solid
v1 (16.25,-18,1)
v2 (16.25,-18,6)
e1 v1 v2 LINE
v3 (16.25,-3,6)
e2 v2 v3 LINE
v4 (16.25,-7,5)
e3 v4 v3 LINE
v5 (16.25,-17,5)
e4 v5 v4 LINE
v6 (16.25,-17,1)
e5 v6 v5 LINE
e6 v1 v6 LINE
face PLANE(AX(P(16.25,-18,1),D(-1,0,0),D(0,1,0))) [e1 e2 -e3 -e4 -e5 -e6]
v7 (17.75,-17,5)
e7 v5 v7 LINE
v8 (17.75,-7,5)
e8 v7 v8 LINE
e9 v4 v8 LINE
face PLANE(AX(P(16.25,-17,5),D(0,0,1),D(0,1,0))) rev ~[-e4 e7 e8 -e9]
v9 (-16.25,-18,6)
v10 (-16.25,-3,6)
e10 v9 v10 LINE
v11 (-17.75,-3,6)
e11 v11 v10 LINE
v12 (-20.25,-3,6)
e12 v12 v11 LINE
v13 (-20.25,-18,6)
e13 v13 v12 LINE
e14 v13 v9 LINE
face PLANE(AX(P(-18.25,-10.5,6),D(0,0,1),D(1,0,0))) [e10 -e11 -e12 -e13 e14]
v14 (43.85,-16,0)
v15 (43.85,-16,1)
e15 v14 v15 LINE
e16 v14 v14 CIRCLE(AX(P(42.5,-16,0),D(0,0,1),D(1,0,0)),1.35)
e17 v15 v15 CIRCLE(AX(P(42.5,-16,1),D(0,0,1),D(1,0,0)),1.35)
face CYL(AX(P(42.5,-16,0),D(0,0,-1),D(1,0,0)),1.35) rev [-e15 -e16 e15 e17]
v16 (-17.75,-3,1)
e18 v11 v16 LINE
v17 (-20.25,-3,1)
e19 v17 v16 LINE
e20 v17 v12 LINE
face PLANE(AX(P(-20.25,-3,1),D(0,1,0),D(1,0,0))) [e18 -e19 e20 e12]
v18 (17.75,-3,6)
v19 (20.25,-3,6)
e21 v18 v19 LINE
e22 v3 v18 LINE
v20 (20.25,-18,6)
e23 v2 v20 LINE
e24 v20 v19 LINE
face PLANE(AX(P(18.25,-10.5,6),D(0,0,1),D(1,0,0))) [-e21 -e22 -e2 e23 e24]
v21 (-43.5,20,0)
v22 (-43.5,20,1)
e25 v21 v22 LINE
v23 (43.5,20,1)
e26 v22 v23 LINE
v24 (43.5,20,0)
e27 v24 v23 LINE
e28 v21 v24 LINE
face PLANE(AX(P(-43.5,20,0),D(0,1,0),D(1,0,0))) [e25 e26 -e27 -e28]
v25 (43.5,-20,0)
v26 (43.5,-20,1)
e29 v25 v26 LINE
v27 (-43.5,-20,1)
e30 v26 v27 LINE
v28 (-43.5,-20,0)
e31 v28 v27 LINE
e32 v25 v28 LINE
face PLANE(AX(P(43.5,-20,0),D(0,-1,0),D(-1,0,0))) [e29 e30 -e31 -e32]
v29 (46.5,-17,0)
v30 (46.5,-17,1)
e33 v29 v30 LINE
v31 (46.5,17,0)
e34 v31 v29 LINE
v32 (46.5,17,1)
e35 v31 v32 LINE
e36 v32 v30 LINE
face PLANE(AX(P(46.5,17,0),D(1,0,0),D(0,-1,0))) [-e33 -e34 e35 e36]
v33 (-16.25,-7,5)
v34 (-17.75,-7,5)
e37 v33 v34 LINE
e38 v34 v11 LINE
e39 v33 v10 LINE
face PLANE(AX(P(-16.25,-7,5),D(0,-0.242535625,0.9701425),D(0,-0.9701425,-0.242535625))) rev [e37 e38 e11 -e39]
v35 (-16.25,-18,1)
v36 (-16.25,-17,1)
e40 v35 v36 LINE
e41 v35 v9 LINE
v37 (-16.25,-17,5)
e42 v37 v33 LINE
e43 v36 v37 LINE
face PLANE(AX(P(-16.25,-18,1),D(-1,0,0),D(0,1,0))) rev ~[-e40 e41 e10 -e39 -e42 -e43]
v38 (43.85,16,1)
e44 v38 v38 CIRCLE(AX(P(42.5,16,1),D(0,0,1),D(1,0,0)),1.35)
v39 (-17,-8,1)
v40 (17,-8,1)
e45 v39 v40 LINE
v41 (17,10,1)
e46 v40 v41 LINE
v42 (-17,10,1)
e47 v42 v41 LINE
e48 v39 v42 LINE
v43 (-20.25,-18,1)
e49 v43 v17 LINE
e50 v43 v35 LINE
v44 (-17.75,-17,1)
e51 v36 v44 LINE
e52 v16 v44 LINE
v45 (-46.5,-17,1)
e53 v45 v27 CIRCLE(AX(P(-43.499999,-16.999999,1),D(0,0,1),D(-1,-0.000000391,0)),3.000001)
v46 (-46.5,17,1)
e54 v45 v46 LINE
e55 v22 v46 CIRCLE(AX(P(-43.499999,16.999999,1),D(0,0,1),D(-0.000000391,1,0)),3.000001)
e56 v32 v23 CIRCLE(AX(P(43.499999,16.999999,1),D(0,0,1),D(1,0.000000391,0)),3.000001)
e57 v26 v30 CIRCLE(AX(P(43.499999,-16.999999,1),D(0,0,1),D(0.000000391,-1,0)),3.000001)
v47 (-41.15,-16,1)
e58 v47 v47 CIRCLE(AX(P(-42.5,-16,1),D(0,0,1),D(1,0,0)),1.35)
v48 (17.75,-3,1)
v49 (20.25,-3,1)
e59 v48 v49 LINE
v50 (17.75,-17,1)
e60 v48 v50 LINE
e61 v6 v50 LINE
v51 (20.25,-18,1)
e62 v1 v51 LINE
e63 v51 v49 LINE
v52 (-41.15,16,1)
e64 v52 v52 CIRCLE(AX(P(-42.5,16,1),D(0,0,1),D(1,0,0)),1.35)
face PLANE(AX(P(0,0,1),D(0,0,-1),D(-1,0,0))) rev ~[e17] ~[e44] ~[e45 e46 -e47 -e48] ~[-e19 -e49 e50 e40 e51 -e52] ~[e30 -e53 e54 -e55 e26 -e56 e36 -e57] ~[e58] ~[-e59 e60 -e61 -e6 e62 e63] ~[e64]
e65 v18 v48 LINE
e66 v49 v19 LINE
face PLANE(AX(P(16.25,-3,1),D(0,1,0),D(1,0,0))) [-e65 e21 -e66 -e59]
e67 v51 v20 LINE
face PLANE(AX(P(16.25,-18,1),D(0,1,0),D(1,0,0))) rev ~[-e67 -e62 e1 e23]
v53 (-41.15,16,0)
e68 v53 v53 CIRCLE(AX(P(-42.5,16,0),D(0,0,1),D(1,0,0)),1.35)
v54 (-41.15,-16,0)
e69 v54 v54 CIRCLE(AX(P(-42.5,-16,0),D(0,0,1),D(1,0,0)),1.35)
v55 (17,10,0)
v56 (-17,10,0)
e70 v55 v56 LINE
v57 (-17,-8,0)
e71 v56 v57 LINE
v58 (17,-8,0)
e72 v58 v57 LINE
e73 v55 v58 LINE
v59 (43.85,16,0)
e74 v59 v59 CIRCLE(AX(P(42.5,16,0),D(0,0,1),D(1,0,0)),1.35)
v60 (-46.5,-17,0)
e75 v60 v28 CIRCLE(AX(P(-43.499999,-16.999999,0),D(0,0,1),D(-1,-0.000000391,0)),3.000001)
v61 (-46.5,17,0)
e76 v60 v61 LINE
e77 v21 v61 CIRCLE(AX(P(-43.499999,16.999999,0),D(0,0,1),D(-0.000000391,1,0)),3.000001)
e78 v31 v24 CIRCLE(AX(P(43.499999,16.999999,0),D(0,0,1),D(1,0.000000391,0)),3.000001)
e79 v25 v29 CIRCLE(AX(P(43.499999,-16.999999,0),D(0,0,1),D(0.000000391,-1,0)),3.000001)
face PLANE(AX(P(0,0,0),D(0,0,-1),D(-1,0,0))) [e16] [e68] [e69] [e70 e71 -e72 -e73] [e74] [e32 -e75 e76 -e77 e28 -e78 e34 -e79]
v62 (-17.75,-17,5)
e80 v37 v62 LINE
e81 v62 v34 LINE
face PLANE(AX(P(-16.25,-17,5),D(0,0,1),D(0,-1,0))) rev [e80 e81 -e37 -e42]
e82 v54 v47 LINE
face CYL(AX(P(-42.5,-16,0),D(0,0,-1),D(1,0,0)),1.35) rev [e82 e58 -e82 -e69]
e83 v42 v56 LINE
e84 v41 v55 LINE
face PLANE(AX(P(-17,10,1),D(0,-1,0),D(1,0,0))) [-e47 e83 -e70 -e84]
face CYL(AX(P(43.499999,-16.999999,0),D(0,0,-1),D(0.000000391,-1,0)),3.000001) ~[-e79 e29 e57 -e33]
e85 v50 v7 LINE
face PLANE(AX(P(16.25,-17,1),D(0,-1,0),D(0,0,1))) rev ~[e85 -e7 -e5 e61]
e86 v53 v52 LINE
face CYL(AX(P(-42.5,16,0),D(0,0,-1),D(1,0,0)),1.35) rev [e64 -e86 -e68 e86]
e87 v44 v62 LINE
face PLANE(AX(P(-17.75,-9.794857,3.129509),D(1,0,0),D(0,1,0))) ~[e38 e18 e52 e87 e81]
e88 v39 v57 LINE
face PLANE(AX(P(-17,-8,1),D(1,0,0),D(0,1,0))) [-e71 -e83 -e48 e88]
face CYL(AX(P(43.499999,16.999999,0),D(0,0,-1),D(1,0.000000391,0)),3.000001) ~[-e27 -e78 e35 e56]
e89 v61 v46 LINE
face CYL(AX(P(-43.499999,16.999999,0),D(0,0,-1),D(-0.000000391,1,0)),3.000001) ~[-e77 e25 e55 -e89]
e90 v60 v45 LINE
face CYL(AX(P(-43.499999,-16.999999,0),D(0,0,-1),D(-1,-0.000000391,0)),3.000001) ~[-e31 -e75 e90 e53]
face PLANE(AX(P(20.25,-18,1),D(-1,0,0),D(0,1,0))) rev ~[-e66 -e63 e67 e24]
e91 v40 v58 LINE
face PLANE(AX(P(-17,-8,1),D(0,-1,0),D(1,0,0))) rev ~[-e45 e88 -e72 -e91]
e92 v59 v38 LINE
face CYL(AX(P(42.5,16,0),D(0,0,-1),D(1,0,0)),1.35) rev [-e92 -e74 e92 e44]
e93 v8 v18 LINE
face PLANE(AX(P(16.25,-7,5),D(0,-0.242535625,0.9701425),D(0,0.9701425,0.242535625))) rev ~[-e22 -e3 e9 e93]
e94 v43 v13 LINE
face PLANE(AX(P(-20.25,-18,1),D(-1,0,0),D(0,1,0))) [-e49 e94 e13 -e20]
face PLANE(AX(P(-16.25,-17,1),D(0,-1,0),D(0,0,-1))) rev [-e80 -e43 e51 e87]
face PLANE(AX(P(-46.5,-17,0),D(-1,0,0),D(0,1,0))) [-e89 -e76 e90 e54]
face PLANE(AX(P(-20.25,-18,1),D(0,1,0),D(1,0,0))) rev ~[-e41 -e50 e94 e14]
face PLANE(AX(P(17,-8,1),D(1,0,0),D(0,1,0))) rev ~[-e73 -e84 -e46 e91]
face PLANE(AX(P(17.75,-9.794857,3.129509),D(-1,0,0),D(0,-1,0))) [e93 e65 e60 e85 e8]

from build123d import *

# Parameters (mm, degrees)
SKETCH_R        = 1.35
PAD_DEPTH       = 1
SKETCH002_W     = 4
SKETCH002_H     = 15
PAD001_DEPTH    = 5
POCKET_DEPTH    = 1.5
SKETCH004_W     = 34
SKETCH004_H     = 18
POCKET001_DEPTH = 5


with BuildPart() as part:
    # Sketch → Pad (new body)
    with BuildSketch(Plane.XY):
        with BuildLine():
            Line((-43.5, 20), (43.5, 20))
            ThreePointArc((46.5, 17), (45.62132, 19.12132), (43.5, 20))
            Line((46.5, 17), (46.5, -17))
            ThreePointArc((43.5, -20), (45.62132, -19.12132), (46.5, -17))
            Line((43.5, -20), (-43.5, -20))
            ThreePointArc((-46.5, -17), (-45.62132, -19.12132), (-43.5, -20))
            Line((-46.5, -17), (-46.5, 17))
            ThreePointArc((-43.5, 20), (-45.62132, 19.12132), (-46.5, 17))
        make_face()
        with Locations((-42.5, 16)):
            Circle(SKETCH_R, mode=Mode.SUBTRACT)
        with Locations((42.5, 16)):
            Circle(SKETCH_R, mode=Mode.SUBTRACT)
        with Locations((-42.5, -16)):
            Circle(SKETCH_R, mode=Mode.SUBTRACT)
        with Locations((42.5, -16)):
            Circle(SKETCH_R, mode=Mode.SUBTRACT)
    extrude(amount=PAD_DEPTH)

    # Sketch002 (on Face14 of Pad) → Pad001 (join)
    with BuildSketch(Plane.XY.offset(1)):
        with Locations((18.25, -10.5)):
            Rectangle(SKETCH002_W, SKETCH002_H)
        with Locations((-18.25, -10.5)):
            Rectangle(SKETCH002_W, SKETCH002_H)
    extrude(amount=PAD001_DEPTH)

    # Sketch003 (on Face21 of Pad001) → Pocket (cut)
    with BuildSketch(Plane(origin=(16.25, 0, 0), x_dir=(0, -1, 0), z_dir=(-1, 0, 0))):
        Polygon((3, 6), (3, 1), (17, 1), (17, 5), (7, 5), align=None)
    pocket = extrude(amount=-POCKET_DEPTH, mode=Mode.SUBTRACT)

    # Mirrored: Pocket across YZ
    add(pocket.mirror(Plane.YZ), mode=Mode.SUBTRACT)

    # Sketch004 (on Face5 of Mirrored) → Pocket001 (cut)
    with BuildSketch(Plane.XY.offset(1)):
        with Locations((0, 1)):
            Rectangle(SKETCH004_W, SKETCH004_H)
    extrude(amount=-POCKET001_DEPTH, mode=Mode.SUBTRACT)


solid = part.part
